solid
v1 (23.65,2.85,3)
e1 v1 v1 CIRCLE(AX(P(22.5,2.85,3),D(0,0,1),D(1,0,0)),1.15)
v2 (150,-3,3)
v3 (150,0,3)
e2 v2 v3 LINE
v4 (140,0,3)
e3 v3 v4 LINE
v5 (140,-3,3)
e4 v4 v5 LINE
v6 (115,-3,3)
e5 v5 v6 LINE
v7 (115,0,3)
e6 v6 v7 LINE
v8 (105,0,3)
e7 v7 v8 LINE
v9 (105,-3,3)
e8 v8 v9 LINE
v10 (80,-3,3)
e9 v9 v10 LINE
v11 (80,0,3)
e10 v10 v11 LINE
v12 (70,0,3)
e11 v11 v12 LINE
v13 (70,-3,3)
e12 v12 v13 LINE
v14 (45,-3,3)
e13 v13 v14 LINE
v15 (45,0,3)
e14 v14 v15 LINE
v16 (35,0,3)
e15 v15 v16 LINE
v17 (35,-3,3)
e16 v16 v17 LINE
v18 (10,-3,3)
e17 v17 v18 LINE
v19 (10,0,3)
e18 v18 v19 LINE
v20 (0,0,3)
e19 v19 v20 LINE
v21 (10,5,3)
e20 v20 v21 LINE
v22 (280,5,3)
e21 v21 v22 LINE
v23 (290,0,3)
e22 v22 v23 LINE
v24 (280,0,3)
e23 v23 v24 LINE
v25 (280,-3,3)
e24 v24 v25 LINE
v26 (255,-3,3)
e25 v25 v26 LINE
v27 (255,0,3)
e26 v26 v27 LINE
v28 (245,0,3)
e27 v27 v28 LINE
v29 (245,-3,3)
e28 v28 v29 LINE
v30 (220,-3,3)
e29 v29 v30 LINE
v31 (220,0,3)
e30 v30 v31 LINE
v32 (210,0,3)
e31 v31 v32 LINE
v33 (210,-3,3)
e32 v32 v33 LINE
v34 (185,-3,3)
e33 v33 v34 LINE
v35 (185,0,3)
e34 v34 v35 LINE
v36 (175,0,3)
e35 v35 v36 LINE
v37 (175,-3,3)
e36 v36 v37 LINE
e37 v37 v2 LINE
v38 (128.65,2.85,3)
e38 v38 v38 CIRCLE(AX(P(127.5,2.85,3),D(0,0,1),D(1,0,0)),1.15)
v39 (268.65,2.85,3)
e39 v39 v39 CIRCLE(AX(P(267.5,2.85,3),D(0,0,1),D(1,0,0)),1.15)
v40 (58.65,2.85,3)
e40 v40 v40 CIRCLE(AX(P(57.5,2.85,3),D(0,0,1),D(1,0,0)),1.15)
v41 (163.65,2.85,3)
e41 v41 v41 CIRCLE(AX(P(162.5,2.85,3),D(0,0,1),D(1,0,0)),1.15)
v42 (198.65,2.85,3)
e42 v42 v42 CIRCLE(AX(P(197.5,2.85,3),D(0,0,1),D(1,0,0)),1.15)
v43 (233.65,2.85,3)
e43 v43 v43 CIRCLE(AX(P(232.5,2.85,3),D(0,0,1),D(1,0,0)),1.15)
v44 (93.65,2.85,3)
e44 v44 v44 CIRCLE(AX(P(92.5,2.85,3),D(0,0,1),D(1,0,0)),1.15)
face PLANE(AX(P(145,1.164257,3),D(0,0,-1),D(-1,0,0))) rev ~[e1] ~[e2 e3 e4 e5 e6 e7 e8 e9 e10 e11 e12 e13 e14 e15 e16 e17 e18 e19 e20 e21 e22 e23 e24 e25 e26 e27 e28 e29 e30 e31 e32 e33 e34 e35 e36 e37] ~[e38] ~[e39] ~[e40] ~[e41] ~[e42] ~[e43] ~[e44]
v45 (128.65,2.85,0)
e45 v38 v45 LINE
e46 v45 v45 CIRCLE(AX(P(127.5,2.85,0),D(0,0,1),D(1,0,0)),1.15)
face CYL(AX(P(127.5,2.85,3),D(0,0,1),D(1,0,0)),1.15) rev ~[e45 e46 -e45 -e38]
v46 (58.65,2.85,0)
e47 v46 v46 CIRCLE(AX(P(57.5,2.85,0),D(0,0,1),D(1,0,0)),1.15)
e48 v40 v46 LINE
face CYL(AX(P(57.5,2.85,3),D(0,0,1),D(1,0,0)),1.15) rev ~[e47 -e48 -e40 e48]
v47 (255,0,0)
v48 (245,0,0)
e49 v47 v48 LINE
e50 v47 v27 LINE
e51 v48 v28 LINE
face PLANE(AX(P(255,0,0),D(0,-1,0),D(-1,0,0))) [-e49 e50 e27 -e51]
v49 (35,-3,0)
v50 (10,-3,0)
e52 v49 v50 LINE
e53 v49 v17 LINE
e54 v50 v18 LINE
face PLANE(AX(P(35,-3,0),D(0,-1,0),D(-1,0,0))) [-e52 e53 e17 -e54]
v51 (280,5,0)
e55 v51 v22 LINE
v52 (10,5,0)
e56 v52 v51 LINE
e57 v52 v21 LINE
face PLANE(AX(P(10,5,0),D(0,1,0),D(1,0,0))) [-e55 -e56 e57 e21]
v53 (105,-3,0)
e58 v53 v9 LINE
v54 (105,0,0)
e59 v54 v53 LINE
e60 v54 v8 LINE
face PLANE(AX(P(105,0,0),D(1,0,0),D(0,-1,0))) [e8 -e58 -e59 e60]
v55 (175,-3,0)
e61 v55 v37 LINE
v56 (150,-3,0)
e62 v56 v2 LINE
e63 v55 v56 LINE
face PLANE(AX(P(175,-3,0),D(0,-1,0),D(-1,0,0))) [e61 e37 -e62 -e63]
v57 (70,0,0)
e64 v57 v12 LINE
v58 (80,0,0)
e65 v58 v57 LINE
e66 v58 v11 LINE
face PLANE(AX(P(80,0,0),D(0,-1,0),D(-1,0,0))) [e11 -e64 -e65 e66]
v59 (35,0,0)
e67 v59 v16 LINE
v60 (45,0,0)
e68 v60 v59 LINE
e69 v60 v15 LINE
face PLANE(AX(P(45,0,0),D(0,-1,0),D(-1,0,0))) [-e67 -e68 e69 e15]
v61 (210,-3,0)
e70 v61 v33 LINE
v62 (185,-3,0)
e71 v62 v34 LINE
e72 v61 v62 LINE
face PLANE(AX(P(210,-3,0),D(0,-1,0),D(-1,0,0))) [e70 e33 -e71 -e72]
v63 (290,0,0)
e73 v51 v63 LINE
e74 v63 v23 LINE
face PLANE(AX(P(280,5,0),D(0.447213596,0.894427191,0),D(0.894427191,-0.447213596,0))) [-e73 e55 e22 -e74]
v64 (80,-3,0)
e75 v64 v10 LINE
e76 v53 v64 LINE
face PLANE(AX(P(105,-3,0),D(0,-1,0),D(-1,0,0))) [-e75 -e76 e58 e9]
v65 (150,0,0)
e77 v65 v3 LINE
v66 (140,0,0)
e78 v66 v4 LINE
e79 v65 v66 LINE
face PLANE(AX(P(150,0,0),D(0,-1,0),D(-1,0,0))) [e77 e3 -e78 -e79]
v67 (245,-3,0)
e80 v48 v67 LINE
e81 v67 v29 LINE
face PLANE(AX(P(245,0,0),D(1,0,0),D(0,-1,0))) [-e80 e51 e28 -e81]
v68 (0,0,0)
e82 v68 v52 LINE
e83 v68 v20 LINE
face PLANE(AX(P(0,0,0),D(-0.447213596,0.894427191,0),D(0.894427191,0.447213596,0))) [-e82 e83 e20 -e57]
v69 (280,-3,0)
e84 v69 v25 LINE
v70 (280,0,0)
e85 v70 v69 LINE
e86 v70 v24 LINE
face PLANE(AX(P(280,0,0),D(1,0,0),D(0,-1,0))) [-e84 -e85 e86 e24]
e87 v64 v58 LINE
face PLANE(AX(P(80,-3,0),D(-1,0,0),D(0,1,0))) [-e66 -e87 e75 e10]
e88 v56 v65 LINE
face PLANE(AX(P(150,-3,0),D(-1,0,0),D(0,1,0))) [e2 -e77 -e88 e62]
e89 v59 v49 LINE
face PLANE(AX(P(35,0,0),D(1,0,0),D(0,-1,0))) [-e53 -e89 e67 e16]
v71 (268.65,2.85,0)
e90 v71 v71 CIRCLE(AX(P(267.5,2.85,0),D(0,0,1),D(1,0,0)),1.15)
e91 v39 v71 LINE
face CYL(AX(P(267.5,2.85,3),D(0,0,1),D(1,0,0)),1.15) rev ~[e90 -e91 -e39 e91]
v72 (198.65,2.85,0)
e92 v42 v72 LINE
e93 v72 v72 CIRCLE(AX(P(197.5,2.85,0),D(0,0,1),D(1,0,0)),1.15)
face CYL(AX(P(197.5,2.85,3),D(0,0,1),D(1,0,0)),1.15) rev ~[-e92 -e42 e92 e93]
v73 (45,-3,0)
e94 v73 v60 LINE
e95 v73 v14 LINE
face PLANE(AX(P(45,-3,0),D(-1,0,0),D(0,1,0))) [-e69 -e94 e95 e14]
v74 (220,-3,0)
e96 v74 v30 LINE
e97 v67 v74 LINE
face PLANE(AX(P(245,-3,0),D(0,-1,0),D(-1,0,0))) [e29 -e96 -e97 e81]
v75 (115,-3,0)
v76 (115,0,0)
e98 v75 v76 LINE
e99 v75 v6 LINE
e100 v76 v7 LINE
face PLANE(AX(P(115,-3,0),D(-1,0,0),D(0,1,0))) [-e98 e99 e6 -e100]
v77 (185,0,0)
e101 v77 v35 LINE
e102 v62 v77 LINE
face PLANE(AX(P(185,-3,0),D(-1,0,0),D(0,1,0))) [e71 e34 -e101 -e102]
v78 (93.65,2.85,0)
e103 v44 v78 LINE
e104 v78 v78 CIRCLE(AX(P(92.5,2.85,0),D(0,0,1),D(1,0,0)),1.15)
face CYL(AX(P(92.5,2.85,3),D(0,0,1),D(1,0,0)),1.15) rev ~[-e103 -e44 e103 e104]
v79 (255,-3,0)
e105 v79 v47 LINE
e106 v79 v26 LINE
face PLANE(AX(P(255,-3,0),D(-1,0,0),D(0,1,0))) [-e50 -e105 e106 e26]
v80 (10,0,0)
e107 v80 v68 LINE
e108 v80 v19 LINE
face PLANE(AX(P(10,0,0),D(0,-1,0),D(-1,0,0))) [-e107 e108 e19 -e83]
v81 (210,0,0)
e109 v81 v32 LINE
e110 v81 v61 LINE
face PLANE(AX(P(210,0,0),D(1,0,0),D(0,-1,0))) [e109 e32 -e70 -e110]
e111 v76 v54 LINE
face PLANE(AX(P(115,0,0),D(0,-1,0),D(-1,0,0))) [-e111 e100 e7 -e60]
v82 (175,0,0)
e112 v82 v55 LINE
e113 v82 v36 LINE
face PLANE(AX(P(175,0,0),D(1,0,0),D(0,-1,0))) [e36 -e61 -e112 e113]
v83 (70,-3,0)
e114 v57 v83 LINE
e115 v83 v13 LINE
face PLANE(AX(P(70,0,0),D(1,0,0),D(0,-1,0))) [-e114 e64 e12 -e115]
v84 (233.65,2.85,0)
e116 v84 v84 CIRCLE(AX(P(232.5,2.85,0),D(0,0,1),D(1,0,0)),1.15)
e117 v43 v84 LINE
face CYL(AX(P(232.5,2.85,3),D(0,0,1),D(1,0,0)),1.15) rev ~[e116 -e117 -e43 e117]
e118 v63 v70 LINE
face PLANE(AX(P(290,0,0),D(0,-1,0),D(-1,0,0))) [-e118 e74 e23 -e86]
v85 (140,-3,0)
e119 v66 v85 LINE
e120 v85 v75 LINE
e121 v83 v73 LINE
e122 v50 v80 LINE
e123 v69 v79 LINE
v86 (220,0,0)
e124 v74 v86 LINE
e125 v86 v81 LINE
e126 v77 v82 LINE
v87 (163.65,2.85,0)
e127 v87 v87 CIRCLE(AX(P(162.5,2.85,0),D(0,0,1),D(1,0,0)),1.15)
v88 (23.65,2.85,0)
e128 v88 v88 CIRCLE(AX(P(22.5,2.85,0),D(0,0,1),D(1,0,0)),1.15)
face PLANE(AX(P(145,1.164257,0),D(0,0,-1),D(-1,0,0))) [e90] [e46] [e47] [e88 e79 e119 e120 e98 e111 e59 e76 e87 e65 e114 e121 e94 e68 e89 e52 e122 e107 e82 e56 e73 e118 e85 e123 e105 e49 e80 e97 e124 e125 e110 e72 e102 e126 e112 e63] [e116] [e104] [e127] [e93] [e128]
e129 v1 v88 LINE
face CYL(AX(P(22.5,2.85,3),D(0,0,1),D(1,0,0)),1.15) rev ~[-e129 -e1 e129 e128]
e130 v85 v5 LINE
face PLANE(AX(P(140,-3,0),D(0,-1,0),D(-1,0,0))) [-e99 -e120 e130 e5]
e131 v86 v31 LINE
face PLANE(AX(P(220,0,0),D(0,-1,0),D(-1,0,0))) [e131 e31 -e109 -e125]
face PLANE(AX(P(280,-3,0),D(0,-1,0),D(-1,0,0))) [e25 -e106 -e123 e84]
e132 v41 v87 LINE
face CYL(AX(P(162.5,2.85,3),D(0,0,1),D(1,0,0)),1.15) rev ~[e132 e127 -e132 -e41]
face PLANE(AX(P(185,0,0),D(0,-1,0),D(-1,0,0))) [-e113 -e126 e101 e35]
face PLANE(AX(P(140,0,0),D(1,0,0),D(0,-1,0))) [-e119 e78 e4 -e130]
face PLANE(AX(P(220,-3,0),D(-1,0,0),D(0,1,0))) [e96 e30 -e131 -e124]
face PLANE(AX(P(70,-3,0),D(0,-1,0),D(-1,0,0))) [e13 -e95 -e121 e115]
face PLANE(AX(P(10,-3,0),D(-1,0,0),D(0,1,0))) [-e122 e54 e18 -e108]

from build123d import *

# Parameters (mm, degrees)
EXTRUDE_1_DEPTH     = 3
SKETCH_2_R          = 1.15
CUT_EXTRUDE_1_DEPTH = 291.058614766


with BuildPart() as part:
    # 草图1 → 凸台-拉伸1 (new body)
    with BuildSketch(Plane.XY):
        Polygon((0, 0), (10, 5), (280, 5), (290, 0), (280, 0), (280, -3), (255, -3), (255, 0), (245, 0), (245, -3), (220, -3), (220, 0), (210, 0), (210, -3), (185, -3), (185, 0), (175, 0), (175, -3), (150, -3), (150, 0), (140, 0), (140, -3), (115, -3), (115, 0), (105, 0), (105, -3), (80, -3), (80, 0), (70, 0), (70, -3), (45, -3), (45, 0), (35, 0), (35, -3), (10, -3), (10, 0), align=None)
    extrude(amount=EXTRUDE_1_DEPTH)

    # 草图2 → 切除-拉伸1 (cut, through all)
    with BuildSketch(Plane.XY.offset(3)):
        with Locations((22.5, 2.85)):
            Circle(SKETCH_2_R)
        with Locations((57.5, 2.85)):
            Circle(SKETCH_2_R)
        with Locations((92.5, 2.85)):
            Circle(SKETCH_2_R)
        with Locations((127.5, 2.85)):
            Circle(SKETCH_2_R)
        with Locations((162.5, 2.85)):
            Circle(SKETCH_2_R)
        with Locations((197.5, 2.85)):
            Circle(SKETCH_2_R)
        with Locations((232.5, 2.85)):
            Circle(SKETCH_2_R)
        with Locations((267.5, 2.85)):
            Circle(SKETCH_2_R)
    extrude(amount=-CUT_EXTRUDE_1_DEPTH, mode=Mode.SUBTRACT)


solid = part.part
